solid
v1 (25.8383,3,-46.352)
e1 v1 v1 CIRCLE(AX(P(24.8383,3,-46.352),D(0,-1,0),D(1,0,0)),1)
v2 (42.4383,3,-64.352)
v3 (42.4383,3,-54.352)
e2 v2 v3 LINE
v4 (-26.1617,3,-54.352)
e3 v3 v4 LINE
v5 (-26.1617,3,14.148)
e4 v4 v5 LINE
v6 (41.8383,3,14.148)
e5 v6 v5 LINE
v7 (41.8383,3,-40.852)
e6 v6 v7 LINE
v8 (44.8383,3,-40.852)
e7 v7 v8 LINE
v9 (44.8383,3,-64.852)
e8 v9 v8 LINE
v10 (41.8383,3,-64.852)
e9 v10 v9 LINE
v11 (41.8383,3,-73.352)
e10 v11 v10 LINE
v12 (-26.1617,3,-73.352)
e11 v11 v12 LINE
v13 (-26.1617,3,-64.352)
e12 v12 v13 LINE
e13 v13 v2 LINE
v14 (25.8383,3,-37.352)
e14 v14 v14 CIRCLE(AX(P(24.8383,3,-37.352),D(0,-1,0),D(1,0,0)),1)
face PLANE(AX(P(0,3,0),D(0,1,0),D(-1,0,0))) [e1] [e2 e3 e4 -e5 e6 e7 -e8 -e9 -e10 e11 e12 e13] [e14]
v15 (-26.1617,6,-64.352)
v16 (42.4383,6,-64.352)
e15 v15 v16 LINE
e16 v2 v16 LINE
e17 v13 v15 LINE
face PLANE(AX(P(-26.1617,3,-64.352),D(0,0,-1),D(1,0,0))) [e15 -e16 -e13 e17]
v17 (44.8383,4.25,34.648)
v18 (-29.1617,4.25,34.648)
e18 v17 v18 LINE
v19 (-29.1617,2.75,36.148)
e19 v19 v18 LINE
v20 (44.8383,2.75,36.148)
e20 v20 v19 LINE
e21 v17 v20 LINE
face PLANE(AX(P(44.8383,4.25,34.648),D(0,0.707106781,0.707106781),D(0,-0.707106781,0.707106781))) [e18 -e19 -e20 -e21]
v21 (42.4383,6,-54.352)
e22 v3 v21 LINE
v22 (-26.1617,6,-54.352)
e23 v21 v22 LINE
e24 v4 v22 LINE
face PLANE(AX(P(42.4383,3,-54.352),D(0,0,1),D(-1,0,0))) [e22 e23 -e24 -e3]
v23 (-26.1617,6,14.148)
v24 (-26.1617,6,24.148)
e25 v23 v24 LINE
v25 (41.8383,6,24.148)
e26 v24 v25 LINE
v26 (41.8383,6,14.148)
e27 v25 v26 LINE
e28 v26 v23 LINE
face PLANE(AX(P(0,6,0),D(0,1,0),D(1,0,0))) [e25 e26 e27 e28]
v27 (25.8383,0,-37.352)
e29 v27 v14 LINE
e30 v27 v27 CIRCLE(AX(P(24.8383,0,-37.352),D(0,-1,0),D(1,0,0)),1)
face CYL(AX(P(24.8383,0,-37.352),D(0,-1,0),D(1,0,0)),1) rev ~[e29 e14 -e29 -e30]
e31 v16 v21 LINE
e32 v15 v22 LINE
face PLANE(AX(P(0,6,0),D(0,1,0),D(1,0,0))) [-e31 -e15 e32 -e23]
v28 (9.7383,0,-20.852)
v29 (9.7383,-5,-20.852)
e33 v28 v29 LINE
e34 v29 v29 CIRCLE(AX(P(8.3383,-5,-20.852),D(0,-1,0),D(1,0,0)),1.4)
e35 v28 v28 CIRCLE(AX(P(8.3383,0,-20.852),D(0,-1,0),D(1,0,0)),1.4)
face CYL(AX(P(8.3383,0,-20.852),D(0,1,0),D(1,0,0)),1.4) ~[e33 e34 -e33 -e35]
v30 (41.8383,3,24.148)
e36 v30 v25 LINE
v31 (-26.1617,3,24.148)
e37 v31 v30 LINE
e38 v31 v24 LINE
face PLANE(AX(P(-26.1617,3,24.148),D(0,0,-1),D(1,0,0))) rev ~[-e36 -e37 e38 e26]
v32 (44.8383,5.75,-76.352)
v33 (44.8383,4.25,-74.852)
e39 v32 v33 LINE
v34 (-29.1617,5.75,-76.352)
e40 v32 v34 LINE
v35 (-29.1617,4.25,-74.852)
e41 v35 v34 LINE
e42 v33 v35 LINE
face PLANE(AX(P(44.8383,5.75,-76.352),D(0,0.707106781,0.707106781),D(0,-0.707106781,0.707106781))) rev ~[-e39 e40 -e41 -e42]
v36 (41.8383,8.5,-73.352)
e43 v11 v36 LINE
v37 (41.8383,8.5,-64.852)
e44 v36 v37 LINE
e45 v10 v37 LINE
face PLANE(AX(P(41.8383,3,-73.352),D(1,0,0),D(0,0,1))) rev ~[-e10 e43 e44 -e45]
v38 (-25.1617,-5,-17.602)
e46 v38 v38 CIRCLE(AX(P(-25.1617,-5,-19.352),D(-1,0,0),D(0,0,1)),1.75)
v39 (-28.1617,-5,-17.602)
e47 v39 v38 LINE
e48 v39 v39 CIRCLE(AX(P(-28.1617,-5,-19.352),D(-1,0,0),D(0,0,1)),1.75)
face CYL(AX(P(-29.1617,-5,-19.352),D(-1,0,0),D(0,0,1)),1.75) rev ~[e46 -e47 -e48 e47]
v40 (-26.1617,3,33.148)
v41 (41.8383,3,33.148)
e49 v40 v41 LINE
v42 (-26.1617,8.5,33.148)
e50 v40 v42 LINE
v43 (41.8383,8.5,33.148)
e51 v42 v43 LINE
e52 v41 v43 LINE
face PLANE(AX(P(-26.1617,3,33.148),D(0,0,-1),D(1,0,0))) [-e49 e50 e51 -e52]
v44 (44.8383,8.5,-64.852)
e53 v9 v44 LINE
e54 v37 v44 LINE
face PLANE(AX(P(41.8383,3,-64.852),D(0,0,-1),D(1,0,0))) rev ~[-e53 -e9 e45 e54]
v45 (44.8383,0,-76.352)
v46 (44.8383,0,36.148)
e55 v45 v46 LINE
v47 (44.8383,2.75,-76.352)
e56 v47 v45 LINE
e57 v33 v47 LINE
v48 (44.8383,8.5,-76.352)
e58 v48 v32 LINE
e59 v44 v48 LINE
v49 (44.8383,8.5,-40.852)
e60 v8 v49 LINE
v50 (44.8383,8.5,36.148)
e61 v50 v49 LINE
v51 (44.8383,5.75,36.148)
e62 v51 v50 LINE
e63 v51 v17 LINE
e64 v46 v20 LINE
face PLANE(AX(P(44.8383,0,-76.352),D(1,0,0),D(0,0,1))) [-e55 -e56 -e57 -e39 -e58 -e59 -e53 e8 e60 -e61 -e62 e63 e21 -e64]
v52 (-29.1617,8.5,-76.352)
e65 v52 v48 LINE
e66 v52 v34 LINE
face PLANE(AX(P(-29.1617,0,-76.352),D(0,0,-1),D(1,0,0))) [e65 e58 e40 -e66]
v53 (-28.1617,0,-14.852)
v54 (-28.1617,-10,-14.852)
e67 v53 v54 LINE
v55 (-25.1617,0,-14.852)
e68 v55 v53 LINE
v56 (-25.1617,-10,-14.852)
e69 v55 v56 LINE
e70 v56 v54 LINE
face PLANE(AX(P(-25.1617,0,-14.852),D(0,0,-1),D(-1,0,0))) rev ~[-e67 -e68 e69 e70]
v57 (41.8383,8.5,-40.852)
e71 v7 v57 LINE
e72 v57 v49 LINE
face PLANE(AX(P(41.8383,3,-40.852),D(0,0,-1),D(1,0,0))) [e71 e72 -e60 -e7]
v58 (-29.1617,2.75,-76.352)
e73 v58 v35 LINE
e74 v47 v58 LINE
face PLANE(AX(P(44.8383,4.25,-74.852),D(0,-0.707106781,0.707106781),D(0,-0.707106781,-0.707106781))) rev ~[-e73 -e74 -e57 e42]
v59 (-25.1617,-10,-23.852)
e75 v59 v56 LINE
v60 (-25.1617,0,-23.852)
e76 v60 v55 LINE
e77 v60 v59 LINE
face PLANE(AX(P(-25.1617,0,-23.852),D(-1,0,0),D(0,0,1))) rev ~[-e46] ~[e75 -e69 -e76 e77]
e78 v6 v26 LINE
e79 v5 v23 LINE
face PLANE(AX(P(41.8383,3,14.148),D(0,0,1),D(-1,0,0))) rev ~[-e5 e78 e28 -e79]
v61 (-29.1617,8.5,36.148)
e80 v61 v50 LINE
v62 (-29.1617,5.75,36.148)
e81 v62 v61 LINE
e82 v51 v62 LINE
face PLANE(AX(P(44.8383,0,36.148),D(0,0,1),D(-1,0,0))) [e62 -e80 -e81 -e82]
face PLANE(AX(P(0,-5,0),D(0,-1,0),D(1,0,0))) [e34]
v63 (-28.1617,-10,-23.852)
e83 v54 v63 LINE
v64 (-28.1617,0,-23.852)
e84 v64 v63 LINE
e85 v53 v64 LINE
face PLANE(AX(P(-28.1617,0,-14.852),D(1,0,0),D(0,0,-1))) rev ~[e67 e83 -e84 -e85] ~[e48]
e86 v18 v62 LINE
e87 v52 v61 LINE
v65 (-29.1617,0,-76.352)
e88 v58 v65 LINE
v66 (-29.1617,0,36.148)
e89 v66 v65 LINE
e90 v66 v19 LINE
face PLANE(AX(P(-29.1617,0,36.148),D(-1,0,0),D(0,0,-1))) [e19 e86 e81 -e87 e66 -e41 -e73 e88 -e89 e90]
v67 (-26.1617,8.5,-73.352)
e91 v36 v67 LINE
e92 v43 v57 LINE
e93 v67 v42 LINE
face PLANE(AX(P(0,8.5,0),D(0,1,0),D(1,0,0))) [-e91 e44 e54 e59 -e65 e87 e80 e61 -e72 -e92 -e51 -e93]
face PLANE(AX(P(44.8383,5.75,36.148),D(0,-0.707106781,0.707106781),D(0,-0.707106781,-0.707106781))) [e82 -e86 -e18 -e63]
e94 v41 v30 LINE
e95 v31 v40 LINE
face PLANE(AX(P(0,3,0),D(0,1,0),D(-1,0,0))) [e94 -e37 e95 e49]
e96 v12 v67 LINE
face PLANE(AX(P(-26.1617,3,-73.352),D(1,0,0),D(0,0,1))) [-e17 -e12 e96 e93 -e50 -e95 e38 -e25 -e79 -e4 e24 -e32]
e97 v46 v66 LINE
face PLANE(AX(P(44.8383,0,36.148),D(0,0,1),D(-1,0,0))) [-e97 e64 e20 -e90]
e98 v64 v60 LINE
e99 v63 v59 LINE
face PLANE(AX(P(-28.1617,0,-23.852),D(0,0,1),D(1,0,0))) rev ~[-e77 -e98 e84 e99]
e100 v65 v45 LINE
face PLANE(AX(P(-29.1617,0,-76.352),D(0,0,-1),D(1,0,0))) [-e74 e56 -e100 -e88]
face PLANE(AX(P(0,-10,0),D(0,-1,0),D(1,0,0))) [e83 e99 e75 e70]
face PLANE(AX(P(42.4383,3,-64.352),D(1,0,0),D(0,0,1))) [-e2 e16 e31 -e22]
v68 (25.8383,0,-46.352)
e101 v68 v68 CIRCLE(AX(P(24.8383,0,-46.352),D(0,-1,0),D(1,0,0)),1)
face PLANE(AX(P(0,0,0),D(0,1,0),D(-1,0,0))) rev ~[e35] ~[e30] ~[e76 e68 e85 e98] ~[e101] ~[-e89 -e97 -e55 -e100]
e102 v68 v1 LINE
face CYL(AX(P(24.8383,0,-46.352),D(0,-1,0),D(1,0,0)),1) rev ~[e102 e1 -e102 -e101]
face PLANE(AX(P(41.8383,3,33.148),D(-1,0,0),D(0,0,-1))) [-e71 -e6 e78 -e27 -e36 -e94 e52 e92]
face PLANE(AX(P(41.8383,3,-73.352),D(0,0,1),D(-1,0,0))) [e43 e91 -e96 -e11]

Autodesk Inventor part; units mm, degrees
ref_plane "YZ Plane" through (0, 0, 0) normal (1, 0, 0) x (0, 1, 0)
ref_plane "XZ Plane" through (0, 0, 0) normal (0, 1, 0) x (-1, 0, 0)
ref_plane "XY Plane" through (0, 0, 0) normal (0, 0, 1) x (1, 0, 0)
sketch "Sketch36" plane through (0, 0, 0) normal (0, 1, 0) x (-1, 0, 0)
  line L0 (29.1617, 36.148) -> (29.1617, -76.352)
  line L1 (29.1617, -76.352) -> (-44.8383, -76.352)
  line L2 (-44.8383, -76.352) -> (-44.8383, 36.148)
  line L3 (-44.8383, 36.148) -> (29.1617, 36.148)
  point P0 (0, 0)
  dimension "d191" = 112.5
  dimension "d192" = 74
extrude "Extrusion21" add sketch "Sketch36" along normal blind 3
sketch "Sketch37" plane through (0, 3, 0) normal (0, 1, 0) x (1, 0, 0)
  line L0 (-29.1617, 76.352) -> (-29.1617, -36.148) projected
  line L1 (-29.1617, -36.148) -> (-29.1617, 76.352)
  line L2 (44.8383, -36.148) -> (44.8383, 76.352) projected
  line L3 (-29.1617, 76.352) -> (44.8383, 76.352)
  line L4 (44.8383, 76.352) -> (44.8383, -36.148)
  line L5 (-29.1617, -36.148) -> (44.8383, -36.148) projected
  line L6 (44.8383, -36.148) -> (-29.1617, -36.148)
  line L7 (-26.1617, -33.148) -> (41.8383, -33.148)
  line L8 (41.8383, 73.352) -> (-26.1617, 73.352)
  line L9 (-26.1617, 73.352) -> (-26.1617, -33.148)
  line L10 (41.8383, -33.148) -> (41.8383, 40.852)
  line L11 (41.8383, 40.852) -> (44.8383, 40.852)
  line L12 (41.8383, 73.352) -> (41.8383, 64.852)
  line L13 (41.8383, 64.852) -> (44.8383, 64.852)
  point P0 (0, 0)
  point P1 (43.3383, 64.852)
  dimension "d195" = 3
  dimension "d197" = 3
  dimension "d198" = 3
  dimension "d199" = 3
  dimension "d203" = 8.5
  dimension "d261" = 24
extrude "Extrusion22" add sketch "Sketch37" along normal blind 5.5 contours L3 L2 L13 L12 L8 L9 L7 L10 L11 L5 L0
sketch "Sketch39" plane through (0, 0, 0) normal (0, -1, 0) x (1, 0, 0)
  circle A0 centre (8.3383, -20.852) radius 1.4 projected
  line L0 (-29.1617, -76.352) -> (-29.1617, 36.148) projected
  line L1 (44.8383, 36.148) -> (44.8383, -76.352) projected
  line L2 (-25.1617, -14.852) -> (-28.1617, -14.852)
  line L3 (-28.1617, -14.852) -> (-28.1617, -23.852)
  line L4 (-28.1617, -23.852) -> (-25.1617, -23.852)
  line L5 (-25.1617, -23.852) -> (-25.1617, -14.852)
  line L6 (-29.1617, 36.148) -> (44.8383, 36.148) projected
  point P0 (0, 0)
  dimension "d217" = 9
  dimension "d218" = 3
  dimension "d295" = 36.5
  dimension "d296" = 51
extrude "Extrusion25" add sketch "Sketch39" along normal blind 10 contours L5 L4 L3 L2
sketch "Sketch43" plane through (0, 0, 0) normal (0, -1, 0) x (1, 0, 0)
  circle A0 centre (24.8383, -37.352) radius 1
  circle A1 centre (24.8383, -46.352) radius 1
  line L0 (44.8383, -76.352) -> (-29.1617, -76.352) projected
  circle A2 centre (8.3383, -20.852) radius 1.4 projected
  line L1 (-29.1617, 36.148) -> (44.8383, 36.148) projected
  line L2 (44.8383, 36.148) -> (44.8383, -76.352) projected
  point P0 (0, 0)
  dimension "d252" = 2
  dimension "d253" = 2
  dimension "d254" = 9
  dimension "d256" = 30
  dimension "d258" = 20
extrude "Extrusion29" cut sketch "Sketch43" against normal blind 10 contours A0 | A1
sketch "Sketch45" plane through (0, 3, 0) normal (0, 1, 0) x (1, 0, 0)
  line L0 (41.8383, -33.148) -> (41.8383, 40.852) projected
  line L1 (41.8383, -14.148) -> (-26.1617, -14.148)
  line L2 (-26.1617, 73.352) -> (-26.1617, -33.148) projected
  line L3 (-26.1617, -24.148) -> (41.8383, -24.148)
  line L4 (41.8383, -24.148) -> (41.8383, -14.148)
  line L5 (41.8383, -33.148) -> (-26.1617, -33.148) projected
  line L6 (-26.1617, 64.352) -> (42.4383, 64.352)
  line L7 (42.4383, 64.352) -> (42.4383, 54.352)
  line L8 (42.4383, 54.352) -> (-26.1617, 54.352)
  line L9 (-26.1617, 64.352) -> (-26.1617, 54.352)
  line L10 (-26.1617, 73.352) -> (41.8383, 73.352) projected
  point P0 (0, 0)
  point P1 (41.8383, -24.148)
  dimension "d274" = 10
  dimension "d275" = 9
  dimension "d276" = 9
  dimension "d277" = 10
extrude "Extrusion31" add sketch "Sketch45" along normal blind 3 contours L2 L6 L7 L8 | L3 L2 L1 L0
sketch "Sketch48" plane through (-29.1617, 0, 36.148) normal (-1, 0, 0) x (0, 0, 1)
  circle A0 centre (-55.5, -5) radius 1.75
  line L0 (-51, 0) -> (-51, -10) projected
  line L1 (-51, -10) -> (-60, -10) projected
  point P0 (-36.148, 0)
  dimension "d297" = 3.5
  dimension "d298" = 4.5
  dimension "d299" = 5
extrude "Extrusion34" cut sketch "Sketch48" against normal blind 10
sketch "Sketch50" plane through (44.8383, 0, 36.148) normal (1, 0, 0) x (0, 0, -1)
  line L0 (0, 0) -> (0, 8.5) projected
  line L1 (0, 5.75) -> (1.5, 4.25)
  line L2 (1.5, 4.25) -> (0, 2.75)
  line L3 (0, 8.5) -> (77, 8.5) projected
  point P0 (36.148, 0)
  dimension "d307" = 4.25
  dimension "d314" = 45
  dimension "d316" = 1.5
extrude "Extrusion36" cut sketch "Sketch50" against normal blind 75
sketch "Sketch51" plane through (44.8383, 0, 36.148) normal (1, 0, 0) x (0, 0, -1)
  line L0 (112.5, 0) -> (112.5, 8.5) projected
  line L1 (112.5, 5.75) -> (111, 4.25)
  line L2 (111, 4.25) -> (112.5, 2.75)
  line L3 (101, 8.5) -> (112.5, 8.5) projected
  point P0 (36.148, 0)
  dimension "d317" = 45
  dimension "d318" = 45
  dimension "d319" = 4.25
  dimension "d320" = 1.5
extrude "Extrusion37" cut sketch "Sketch51" against normal blind 75
sketch "Sketch52" plane through (0, 0, 0) normal (0, -1, 0) x (1, 0, 0)
  circle A0 centre (8.3383, -20.852) radius 1.4 projected
  circle A1 centre (8.3383, -20.852) radius 1.4
  point P0 (0, 0)
  dimension "d324" = 2.8
extrude "Extrusion38" add sketch "Sketch52" along normal blind 5
properties part number "plate"
